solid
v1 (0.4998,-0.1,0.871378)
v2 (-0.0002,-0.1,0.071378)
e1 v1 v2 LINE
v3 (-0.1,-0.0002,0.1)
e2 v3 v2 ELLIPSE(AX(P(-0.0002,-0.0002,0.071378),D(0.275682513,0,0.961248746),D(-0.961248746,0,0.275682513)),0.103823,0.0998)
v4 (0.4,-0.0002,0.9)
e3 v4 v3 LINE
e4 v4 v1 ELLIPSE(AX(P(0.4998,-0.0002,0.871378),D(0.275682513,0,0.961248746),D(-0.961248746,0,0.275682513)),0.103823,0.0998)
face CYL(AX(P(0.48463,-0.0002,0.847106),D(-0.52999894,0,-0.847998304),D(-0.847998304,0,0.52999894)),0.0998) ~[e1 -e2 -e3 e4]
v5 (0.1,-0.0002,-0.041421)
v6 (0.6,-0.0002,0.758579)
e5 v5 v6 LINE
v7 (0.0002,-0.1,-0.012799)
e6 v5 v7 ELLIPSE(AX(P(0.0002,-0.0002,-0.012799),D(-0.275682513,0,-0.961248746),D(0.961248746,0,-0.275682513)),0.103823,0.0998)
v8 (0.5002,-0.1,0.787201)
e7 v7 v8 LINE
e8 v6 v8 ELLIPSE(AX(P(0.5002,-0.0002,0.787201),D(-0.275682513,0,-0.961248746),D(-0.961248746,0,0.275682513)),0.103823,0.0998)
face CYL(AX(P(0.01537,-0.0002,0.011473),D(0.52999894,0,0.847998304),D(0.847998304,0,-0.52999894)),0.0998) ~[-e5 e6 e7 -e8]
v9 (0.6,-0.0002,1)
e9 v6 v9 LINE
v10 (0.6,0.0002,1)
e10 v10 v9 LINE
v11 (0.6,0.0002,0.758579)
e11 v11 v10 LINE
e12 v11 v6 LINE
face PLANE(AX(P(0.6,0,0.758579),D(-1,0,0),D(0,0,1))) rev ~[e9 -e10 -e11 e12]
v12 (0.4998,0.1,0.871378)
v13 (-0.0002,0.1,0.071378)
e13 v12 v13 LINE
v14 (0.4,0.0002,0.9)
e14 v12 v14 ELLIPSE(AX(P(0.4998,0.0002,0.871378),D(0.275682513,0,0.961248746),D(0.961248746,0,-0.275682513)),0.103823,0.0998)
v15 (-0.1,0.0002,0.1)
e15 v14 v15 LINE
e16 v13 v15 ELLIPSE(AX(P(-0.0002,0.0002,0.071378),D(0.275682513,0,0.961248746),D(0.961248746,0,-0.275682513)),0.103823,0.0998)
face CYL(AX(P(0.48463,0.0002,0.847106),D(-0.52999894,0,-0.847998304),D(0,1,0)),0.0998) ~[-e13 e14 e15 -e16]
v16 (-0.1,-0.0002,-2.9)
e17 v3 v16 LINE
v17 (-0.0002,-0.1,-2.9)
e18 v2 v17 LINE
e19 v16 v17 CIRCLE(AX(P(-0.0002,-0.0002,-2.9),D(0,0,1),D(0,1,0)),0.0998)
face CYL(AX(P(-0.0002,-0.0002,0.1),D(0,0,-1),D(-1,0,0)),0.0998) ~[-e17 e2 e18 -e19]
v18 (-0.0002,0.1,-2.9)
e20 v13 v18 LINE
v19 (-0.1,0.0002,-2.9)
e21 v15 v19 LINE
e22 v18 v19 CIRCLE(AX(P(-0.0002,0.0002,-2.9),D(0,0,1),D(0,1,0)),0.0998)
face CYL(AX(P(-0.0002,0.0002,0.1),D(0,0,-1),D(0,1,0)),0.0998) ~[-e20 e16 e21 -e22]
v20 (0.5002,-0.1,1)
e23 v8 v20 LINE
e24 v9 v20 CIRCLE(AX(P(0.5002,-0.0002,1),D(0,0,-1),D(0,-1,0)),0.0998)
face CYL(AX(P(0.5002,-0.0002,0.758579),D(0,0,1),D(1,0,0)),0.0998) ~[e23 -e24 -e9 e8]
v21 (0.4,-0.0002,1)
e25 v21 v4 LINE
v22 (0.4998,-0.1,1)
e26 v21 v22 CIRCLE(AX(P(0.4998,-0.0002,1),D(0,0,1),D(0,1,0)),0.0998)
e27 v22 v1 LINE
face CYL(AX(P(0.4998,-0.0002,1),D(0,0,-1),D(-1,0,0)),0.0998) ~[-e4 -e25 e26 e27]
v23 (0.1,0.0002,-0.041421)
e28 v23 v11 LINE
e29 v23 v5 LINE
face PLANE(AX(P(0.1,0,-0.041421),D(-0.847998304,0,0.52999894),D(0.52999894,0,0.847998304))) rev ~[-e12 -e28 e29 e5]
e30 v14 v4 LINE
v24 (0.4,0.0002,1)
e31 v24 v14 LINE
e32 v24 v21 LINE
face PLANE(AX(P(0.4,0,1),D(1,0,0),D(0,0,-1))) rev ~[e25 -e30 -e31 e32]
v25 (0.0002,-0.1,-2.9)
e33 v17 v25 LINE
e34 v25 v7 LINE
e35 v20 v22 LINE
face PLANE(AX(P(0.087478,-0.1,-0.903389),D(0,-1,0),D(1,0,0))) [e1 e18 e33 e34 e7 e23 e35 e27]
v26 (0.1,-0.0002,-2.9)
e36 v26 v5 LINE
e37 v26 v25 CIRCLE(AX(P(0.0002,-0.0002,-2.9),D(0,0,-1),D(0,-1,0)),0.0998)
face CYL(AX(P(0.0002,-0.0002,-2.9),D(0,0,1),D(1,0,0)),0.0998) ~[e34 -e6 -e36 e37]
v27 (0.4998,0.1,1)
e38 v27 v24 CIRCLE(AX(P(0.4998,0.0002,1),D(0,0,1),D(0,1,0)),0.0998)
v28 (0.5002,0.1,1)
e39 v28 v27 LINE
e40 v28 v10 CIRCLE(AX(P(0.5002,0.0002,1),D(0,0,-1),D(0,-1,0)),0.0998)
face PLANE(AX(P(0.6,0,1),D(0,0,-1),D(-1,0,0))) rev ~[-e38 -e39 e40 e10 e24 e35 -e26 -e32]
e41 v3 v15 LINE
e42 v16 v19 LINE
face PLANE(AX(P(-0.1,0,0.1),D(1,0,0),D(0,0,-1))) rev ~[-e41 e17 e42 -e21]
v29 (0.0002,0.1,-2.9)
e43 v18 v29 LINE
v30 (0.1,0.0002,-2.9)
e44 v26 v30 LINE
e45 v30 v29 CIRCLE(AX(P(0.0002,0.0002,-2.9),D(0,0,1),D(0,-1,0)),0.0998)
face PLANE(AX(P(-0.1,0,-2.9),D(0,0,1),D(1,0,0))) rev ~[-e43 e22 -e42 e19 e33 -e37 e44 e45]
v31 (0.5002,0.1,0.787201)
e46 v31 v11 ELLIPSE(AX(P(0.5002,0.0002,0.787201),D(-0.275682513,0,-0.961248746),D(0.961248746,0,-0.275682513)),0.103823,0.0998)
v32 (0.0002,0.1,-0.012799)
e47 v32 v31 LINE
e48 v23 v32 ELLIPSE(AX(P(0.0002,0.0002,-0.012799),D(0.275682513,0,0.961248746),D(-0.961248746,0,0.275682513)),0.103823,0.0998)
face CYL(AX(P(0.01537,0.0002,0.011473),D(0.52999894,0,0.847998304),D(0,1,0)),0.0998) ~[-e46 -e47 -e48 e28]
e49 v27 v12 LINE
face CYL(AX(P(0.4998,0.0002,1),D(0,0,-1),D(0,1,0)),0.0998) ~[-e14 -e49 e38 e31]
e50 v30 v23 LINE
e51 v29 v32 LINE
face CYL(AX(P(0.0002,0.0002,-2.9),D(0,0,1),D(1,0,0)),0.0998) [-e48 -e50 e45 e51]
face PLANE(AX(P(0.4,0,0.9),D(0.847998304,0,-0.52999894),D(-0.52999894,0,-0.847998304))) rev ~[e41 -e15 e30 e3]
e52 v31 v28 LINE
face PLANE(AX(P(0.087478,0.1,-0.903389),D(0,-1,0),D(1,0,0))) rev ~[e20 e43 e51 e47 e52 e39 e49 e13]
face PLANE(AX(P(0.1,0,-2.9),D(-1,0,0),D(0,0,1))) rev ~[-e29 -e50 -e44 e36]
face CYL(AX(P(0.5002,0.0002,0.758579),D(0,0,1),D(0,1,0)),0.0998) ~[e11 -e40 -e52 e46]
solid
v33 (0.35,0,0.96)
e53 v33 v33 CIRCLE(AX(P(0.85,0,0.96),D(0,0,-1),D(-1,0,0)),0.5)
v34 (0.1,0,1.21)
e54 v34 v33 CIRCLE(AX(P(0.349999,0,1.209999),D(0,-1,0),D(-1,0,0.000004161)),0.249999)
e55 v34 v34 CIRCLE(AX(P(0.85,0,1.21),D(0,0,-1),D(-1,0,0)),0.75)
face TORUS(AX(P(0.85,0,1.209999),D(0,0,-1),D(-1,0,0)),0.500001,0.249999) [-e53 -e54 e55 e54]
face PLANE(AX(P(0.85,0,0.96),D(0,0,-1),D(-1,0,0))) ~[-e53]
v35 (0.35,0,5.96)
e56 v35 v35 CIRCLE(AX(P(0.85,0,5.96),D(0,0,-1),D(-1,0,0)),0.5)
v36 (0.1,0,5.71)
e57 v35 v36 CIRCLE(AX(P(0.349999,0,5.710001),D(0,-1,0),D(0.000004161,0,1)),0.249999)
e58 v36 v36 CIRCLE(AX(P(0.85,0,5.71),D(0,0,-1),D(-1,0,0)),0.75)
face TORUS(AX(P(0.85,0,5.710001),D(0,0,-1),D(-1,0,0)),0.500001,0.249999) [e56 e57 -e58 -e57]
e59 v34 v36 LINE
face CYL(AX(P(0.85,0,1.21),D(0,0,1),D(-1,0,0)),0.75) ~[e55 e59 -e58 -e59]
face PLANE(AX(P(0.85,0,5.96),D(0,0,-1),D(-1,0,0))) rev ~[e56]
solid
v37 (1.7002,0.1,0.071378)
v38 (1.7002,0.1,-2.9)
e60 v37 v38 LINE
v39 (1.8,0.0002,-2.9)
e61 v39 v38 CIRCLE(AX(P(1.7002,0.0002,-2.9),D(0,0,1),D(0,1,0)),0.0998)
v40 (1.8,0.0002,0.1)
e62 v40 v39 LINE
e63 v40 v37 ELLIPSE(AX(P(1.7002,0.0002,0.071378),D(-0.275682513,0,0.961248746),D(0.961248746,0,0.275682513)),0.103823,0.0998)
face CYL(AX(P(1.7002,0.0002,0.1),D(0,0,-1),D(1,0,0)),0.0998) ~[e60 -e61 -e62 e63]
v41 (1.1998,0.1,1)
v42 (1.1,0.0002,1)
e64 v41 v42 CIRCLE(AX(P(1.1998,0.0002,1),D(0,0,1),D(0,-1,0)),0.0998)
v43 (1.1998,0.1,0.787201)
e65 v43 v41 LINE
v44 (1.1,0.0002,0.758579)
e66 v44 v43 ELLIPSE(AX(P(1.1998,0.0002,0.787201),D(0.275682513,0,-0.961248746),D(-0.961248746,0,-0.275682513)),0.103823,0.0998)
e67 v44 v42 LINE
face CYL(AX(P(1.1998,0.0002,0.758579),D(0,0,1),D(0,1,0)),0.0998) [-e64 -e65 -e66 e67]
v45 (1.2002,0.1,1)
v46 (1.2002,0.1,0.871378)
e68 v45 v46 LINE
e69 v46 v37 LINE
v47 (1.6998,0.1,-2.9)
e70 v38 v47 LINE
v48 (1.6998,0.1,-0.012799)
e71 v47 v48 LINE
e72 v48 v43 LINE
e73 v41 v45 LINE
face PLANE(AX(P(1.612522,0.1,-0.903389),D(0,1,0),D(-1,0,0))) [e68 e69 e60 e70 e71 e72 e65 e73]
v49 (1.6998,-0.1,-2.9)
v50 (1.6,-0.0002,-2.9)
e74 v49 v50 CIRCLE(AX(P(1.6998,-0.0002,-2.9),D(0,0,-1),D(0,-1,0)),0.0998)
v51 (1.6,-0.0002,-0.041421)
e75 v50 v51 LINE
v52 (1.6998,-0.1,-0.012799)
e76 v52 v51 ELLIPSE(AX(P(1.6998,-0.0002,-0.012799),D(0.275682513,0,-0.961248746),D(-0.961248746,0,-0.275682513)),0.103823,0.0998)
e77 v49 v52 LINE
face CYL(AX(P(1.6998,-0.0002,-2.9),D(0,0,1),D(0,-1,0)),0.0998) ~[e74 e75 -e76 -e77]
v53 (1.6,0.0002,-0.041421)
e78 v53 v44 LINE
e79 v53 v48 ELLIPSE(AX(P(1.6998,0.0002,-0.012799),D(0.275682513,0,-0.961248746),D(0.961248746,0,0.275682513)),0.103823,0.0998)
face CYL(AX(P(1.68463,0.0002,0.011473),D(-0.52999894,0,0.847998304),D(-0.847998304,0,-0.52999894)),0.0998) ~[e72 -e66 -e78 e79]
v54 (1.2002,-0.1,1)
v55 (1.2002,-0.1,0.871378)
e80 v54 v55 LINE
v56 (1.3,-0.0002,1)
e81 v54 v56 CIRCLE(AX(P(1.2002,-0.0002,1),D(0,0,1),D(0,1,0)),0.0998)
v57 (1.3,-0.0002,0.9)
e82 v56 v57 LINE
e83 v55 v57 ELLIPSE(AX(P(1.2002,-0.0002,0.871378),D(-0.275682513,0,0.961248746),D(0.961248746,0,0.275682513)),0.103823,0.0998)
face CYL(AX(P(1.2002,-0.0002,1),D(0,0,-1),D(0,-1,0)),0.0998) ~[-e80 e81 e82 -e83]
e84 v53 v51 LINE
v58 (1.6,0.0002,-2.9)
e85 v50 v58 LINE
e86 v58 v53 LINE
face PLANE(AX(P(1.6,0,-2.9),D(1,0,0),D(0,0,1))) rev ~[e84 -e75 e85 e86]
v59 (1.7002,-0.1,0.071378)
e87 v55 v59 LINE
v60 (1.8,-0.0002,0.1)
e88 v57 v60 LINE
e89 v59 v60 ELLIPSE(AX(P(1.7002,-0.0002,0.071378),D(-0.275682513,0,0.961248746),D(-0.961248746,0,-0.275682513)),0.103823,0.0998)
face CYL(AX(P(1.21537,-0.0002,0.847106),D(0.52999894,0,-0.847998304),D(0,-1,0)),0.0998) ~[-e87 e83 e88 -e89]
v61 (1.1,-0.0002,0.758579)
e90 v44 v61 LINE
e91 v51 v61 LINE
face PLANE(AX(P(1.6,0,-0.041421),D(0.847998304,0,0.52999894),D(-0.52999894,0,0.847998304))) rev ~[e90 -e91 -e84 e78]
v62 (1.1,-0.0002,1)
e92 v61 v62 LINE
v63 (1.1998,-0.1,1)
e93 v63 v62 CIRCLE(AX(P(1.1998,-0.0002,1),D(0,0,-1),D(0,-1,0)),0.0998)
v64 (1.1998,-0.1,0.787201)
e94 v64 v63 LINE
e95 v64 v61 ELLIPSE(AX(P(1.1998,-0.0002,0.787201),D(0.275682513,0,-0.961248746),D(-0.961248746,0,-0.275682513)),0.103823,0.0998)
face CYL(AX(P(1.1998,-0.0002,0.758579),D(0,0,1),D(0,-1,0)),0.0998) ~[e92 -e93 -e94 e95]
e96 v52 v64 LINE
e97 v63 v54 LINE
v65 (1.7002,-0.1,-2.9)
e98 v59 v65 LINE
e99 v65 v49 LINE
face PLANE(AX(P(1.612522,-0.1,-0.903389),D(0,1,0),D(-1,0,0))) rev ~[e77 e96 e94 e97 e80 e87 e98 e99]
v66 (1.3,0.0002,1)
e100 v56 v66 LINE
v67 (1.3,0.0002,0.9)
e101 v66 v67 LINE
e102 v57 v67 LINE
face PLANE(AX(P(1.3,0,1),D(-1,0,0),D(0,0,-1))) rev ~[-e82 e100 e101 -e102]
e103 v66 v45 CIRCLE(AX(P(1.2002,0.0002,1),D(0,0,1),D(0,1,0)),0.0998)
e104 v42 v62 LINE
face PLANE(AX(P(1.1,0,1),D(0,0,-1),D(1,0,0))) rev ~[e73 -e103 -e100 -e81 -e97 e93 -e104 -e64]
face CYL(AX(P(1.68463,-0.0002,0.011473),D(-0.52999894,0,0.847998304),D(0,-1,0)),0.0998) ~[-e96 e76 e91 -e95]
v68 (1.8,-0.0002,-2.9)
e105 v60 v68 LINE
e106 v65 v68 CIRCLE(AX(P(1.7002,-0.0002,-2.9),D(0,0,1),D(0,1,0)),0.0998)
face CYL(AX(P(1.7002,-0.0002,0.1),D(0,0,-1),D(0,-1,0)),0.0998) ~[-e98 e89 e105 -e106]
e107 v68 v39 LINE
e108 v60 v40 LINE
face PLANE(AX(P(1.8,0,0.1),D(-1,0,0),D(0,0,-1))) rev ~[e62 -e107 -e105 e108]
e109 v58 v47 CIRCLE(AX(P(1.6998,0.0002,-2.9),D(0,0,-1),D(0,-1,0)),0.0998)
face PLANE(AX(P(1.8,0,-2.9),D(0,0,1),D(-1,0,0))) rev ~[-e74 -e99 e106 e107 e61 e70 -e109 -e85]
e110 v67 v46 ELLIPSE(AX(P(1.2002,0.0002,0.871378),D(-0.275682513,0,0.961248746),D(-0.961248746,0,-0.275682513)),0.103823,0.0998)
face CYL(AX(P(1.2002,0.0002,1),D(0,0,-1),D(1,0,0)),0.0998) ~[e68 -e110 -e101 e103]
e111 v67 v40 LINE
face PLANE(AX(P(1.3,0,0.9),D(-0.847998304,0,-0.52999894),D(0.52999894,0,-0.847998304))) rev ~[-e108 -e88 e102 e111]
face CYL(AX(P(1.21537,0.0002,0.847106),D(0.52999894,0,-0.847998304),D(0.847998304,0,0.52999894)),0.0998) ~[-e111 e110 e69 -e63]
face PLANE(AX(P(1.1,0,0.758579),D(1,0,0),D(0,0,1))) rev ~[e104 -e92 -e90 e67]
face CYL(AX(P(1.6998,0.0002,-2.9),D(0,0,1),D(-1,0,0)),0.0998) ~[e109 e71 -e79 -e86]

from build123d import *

# Parameters (mm, degrees)
PAD_DEPTH = 0.1
FILLET_R  = 0.0998


with BuildPart() as revolution:
    # Sketch002 → Revolution (revolve)
    with BuildSketch(Plane.XZ):
        with BuildLine():
            Line((0.35, 5.96), (0.85, 5.96))
            Line((0.85, 0.96), (0.85, 5.96))
            Line((0.85, 0.96), (0.35, 0.96))
            ThreePointArc((0.1, 1.21), (0.173223, 1.033223), (0.35, 0.96))
            Line((0.1, 1.21), (0.1, 5.71))
            ThreePointArc((0.35, 5.96), (0.173223, 5.886777), (0.1, 5.71))
        make_face()
    revolve(axis=Axis((0.85, 0, 5.96), (0, 0, -1)))


with BuildPart() as fillet_body:
    # Sketch → Pad (new body, symmetric)
    with BuildSketch(Plane.XZ):
        Polygon((0.1, -2.9), (0.1, -0.041421), (0.6, 0.758579), (0.6, 1), (0.4, 1), (0.4, 0.9), (-0.1, 0.1), (-0.1, -2.9), align=None)
        Polygon((1.1, 1), (1.3, 1), (1.3, 0.9), (1.8, 0.1), (1.8, -2.9), (1.6, -2.9), (1.6, -0.041421), (1.1, 0.758579), align=None)
    extrude(amount=PAD_DEPTH, both=True)

    # Fillet
    fillet_edges = [fillet_body.edges().sort_by_distance(p)[0] for p in [
        (0.15, -0.1, 0.5),
        (0.4, -0.1, 0.95),
        (0.6, -0.1, 0.879289),
        (0.35, -0.1, 0.358579),
        (0.1, -0.1, -1.470711),
        (-0.1, -0.1, -1.4),
        (0.1, 0.1, -1.470711),
        (0.35, 0.1, 0.358579),
        (0.6, 0.1, 0.879289),
        (1.35, -0.1, 0.358579),
        (1.1, -0.1, 0.879289),
        (1.6, -0.1, -1.470711),
        (1.8, -0.1, -1.4),
        (1.55, -0.1, 0.5),
        (1.3, -0.1, 0.95),
        (1.3, 0.1, 0.95),
        (1.55, 0.1, 0.5),
        (1.8, 0.1, -1.4),
        (1.6, 0.1, -1.470711),
        (1.35, 0.1, 0.358579),
        (1.1, 0.1, 0.879289),
        (0.4, 0.1, 0.95),
        (-0.1, 0.1, -1.4),
        (0.15, 0.1, 0.5),
    ]]
    fillet(fillet_edges, radius=FILLET_R)


solid = Compound([revolution.part, fillet_body.part])
